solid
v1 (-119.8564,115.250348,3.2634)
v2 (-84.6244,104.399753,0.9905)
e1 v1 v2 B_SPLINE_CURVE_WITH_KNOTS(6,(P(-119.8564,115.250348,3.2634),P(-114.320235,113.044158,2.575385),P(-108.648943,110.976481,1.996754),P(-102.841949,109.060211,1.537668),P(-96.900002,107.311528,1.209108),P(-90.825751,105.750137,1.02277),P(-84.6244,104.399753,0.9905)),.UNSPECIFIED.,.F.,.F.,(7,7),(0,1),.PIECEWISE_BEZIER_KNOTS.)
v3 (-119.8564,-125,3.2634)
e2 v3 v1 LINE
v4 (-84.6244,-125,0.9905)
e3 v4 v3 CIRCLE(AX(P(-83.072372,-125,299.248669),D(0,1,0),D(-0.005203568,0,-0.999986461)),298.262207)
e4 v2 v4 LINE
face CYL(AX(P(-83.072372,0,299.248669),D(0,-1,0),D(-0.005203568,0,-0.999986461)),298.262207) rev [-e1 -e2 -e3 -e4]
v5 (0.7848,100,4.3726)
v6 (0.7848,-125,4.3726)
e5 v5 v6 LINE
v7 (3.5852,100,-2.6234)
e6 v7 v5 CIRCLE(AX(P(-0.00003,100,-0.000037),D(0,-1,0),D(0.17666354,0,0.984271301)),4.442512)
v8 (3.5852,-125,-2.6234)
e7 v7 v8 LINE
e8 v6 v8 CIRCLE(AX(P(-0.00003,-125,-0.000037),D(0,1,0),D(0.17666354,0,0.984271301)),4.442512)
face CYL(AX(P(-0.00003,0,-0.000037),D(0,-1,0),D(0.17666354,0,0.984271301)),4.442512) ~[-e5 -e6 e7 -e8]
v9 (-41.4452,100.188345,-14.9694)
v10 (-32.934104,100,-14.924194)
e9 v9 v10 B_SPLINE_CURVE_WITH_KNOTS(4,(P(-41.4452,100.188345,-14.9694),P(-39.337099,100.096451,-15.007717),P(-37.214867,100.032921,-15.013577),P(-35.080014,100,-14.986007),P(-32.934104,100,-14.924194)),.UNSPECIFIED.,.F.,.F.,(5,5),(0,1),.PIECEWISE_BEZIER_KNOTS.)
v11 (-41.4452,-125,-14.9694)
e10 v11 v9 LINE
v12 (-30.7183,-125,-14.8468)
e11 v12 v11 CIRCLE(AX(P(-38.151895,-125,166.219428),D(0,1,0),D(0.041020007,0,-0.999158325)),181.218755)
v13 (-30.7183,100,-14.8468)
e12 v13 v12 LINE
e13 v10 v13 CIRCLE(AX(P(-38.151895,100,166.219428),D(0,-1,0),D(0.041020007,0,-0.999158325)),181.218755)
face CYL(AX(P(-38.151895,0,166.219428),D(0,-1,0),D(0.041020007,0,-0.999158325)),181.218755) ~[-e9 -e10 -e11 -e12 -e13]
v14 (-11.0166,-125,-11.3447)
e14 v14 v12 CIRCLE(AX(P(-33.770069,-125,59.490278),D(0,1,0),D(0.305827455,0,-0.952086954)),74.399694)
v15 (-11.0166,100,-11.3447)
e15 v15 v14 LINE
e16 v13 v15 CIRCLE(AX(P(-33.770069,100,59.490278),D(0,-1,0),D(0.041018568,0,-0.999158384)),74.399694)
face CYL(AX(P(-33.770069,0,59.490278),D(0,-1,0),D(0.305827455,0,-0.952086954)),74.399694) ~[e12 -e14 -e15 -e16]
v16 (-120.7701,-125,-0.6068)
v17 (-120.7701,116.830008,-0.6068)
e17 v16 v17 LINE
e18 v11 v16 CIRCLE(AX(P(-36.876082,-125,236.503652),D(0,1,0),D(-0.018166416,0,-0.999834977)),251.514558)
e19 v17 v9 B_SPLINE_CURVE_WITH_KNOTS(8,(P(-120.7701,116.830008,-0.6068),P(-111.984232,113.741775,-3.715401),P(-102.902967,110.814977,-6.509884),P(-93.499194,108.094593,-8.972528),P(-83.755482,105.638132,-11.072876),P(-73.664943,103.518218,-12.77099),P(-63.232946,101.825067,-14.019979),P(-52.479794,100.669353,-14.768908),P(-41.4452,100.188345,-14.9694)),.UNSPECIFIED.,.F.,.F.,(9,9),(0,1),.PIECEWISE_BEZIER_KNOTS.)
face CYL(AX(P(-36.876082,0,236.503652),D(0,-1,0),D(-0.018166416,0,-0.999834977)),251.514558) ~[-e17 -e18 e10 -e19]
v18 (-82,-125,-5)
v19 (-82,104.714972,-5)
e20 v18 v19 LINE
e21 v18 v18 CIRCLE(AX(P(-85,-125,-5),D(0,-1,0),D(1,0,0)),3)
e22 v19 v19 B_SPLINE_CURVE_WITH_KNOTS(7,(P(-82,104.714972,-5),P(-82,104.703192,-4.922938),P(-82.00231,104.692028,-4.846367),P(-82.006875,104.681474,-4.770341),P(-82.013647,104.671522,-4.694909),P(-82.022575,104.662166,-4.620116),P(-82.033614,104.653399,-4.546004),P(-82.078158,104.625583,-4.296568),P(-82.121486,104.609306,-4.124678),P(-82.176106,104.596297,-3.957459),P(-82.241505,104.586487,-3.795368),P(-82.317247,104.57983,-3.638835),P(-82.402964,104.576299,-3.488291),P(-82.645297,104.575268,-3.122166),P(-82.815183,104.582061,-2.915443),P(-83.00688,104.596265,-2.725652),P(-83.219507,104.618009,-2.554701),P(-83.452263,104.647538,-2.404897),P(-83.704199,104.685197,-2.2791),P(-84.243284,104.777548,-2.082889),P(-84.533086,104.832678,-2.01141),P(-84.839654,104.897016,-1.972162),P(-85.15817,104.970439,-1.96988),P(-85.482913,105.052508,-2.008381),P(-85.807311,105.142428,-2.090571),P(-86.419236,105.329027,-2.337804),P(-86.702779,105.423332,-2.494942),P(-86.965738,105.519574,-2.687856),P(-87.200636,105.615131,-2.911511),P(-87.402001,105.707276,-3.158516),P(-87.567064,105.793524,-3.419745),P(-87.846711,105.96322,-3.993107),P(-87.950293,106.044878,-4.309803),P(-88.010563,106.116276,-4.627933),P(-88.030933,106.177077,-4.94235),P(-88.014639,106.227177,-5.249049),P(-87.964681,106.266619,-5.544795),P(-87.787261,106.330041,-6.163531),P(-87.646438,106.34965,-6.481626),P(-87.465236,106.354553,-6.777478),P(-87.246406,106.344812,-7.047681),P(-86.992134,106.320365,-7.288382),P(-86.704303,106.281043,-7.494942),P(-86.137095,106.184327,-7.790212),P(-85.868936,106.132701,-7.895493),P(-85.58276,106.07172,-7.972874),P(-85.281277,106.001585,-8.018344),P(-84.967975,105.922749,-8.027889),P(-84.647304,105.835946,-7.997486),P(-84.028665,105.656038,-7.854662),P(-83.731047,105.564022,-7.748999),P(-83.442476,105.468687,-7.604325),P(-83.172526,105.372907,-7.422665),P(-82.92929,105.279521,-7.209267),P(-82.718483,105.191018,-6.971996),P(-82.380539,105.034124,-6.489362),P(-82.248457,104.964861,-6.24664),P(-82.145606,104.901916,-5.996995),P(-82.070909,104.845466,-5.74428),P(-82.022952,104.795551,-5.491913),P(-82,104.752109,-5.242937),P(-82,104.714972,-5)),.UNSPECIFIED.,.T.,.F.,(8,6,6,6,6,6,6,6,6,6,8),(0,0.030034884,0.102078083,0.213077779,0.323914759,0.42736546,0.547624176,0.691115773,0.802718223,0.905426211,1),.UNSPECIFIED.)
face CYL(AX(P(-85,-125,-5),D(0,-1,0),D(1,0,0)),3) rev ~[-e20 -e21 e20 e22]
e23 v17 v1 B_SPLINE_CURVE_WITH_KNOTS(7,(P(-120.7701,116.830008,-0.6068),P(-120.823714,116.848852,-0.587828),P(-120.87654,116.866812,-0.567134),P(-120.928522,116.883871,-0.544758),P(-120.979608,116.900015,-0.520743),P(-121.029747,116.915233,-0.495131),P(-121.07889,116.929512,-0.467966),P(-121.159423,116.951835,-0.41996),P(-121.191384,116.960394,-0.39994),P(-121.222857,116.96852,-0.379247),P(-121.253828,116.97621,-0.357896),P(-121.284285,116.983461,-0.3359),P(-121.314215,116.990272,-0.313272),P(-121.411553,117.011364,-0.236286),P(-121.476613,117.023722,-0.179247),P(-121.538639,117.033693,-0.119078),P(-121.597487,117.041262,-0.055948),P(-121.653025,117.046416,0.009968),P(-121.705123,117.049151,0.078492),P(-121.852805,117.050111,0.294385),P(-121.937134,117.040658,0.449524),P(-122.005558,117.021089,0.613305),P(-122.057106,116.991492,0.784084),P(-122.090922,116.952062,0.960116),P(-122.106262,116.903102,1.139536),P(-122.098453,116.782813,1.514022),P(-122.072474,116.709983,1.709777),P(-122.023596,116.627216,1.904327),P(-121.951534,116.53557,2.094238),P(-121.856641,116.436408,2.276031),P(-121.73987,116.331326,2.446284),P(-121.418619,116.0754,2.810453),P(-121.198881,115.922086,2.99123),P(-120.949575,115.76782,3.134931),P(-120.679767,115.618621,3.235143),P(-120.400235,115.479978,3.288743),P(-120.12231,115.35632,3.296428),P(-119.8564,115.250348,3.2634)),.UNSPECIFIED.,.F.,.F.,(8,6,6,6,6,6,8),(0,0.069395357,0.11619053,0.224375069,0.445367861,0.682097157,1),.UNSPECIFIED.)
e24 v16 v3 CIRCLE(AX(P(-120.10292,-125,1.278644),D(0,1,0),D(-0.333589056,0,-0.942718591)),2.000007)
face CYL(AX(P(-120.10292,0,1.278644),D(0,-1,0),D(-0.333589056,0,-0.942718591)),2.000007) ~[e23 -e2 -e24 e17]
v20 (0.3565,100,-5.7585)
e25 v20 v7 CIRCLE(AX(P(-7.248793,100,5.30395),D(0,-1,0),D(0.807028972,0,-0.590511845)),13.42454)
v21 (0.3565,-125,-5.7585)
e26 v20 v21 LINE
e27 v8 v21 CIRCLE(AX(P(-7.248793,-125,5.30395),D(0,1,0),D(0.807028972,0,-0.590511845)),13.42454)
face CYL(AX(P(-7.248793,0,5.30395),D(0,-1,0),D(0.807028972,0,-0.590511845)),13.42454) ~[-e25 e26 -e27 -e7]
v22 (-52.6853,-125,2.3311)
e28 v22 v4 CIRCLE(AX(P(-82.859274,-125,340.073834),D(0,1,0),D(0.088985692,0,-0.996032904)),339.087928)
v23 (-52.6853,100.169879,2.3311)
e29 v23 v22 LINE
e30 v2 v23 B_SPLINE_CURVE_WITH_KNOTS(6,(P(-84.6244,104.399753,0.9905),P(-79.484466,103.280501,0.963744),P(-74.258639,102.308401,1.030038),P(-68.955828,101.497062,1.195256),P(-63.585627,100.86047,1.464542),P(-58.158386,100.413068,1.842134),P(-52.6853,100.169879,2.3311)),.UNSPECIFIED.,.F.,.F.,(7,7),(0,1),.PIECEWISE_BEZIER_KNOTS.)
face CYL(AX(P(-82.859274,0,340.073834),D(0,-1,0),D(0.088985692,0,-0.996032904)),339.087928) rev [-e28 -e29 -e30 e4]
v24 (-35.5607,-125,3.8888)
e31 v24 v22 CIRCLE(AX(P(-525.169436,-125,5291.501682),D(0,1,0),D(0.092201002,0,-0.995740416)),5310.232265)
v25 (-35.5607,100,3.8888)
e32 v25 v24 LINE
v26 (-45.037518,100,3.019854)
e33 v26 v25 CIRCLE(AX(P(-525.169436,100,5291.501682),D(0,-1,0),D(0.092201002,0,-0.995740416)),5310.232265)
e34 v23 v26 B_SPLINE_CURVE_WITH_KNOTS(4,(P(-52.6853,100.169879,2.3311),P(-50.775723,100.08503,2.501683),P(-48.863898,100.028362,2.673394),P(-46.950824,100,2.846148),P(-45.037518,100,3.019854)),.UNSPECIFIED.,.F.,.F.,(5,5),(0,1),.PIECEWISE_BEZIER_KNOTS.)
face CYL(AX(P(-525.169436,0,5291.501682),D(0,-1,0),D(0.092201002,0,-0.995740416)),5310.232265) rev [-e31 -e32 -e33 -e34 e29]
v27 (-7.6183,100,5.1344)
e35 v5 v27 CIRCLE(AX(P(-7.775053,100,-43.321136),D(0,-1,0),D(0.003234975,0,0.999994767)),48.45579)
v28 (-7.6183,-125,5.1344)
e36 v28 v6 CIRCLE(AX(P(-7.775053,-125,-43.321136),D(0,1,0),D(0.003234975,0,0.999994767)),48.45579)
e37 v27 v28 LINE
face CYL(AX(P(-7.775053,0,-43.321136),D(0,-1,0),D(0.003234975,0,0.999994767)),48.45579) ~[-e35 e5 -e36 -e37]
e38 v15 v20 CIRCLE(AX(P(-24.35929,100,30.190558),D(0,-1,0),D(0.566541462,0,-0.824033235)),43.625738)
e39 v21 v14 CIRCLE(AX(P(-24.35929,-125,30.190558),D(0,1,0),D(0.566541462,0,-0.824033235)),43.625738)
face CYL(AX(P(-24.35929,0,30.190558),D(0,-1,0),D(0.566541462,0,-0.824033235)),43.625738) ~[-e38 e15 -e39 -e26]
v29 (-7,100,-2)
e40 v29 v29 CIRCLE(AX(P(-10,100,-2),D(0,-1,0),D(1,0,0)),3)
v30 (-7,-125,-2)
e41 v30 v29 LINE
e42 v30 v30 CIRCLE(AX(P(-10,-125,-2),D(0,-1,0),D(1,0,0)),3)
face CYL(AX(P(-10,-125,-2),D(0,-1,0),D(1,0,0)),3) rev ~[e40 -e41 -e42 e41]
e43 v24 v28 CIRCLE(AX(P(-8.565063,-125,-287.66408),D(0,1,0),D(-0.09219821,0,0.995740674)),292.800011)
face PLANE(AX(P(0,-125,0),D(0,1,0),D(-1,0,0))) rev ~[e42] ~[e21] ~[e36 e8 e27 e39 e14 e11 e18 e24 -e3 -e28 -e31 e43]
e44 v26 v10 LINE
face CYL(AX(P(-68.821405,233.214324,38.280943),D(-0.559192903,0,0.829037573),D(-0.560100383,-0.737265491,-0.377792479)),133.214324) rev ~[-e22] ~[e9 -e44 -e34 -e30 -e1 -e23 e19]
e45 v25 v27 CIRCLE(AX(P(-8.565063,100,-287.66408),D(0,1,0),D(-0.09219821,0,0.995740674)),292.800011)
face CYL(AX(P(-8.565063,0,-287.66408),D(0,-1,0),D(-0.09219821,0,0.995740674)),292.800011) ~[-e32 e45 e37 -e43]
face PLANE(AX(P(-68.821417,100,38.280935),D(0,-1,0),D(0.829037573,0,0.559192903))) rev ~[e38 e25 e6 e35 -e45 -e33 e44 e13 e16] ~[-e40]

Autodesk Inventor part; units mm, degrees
ref_plane "YZ Plane" through (0, 0, 0) normal (1, 0, 0) x (0, 1, 0)
ref_plane "XZ Plane" through (0, 0, 0) normal (0, 1, 0) x (-1, 0, 0)
sketch "スケッチ1" plane through (0, 0, 0) normal (0, 1, 0) x (-1, 0, 0)
  arc A0 (41.4452, -14.9694) -> (120.7701, -0.6068) centre (36.8758, 236.5065) ccw projected
  arc A1 (30.7183, -14.8468) -> (41.4452, -14.9694) centre (38.1525, 166.2425) ccw projected
  arc A2 (11.0166, -11.3447) -> (30.7183, -14.8468) centre (33.77, 59.49) ccw projected
  arc A3 (-0.3565, -5.7585) -> (11.0166, -11.3447) centre (24.3575, 30.1875) ccw projected
  arc A4 (-3.5852, -2.6234) -> (-0.3565, -5.7585) centre (7.25, 5.305) ccw projected
  arc A5 (-0.7848, 4.3726) -> (-3.5852, -2.6234) centre (0, 0) ccw projected
  arc A6 (7.6183, 5.1344) -> (-0.7848, 4.3726) centre (7.775, -43.32) ccw projected
  arc A7 (35.5607, 3.8888) -> (7.6183, 5.1344) centre (8.565, -287.665) ccw projected
  arc A8 (35.5607, 3.8888) -> (52.6853, 2.3311) centre (526.9475, 5310.875) ccw projected
  arc A9 (52.6853, 2.3311) -> (84.6244, 0.9905) centre (82.86, 340.0849) ccw projected
  arc A10 (84.6244, 0.9905) -> (119.8564, 3.2634) centre (83.0725, 299.245) ccw projected
  arc A11 (120.7701, -0.6068) -> (119.8564, 3.2634) centre (120.103, 1.2786) ccw projected
  point P0 (0, 0)
extrude "押し出し1" add sketch "スケッチ1" along normal mid plane 250
sketch "スケッチ2" plane through (0, -125, 0) normal (0, -1, 0) x (1, 0, 0)
  circle A0 centre (-85, -5) radius 3 projected
  circle A1 centre (-10, -2) radius 3 projected
  point P0 (0, 0)
extrude "押し出し2" cut sketch "スケッチ2" against normal up to next
ref_plane "作業平面2" through (-121.2214, 0, 2.9367) normal (-0.5592, 0, 0.829) x (0, -1, 0)
ref_plane "作業平面1" through (-146.4564, 100, -7.5667) normal (-0.5592, 0, 0.829) x (0.829, 0, 0.5592)
sketch "スケッチ3" plane through (-121.2214, 0, 2.9367) normal (-0.5592, 0, 0.829) x (0, -1, 0)
  arc A0 (-135, -26.7942) -> (-100, 63.2058) centre (-233.2143, 63.2058) ccw projected
  line L0 (-100, 63.2058) -> (-100, 73.2058) projected
  line L1 (-100, 473.2058) -> (-100, 73.2058) projected
  line L2 (-135, -26.7942) -> (-135, 113.2058)
  line L3 (-135, 113.2058) -> (-100, 113.2058)
  point P0 (0, 98.855)
  dimension "d6" = 140
extrude "押し出し3" cut sketch "スケッチ3" against normal through all
properties part number "subflap_top"
